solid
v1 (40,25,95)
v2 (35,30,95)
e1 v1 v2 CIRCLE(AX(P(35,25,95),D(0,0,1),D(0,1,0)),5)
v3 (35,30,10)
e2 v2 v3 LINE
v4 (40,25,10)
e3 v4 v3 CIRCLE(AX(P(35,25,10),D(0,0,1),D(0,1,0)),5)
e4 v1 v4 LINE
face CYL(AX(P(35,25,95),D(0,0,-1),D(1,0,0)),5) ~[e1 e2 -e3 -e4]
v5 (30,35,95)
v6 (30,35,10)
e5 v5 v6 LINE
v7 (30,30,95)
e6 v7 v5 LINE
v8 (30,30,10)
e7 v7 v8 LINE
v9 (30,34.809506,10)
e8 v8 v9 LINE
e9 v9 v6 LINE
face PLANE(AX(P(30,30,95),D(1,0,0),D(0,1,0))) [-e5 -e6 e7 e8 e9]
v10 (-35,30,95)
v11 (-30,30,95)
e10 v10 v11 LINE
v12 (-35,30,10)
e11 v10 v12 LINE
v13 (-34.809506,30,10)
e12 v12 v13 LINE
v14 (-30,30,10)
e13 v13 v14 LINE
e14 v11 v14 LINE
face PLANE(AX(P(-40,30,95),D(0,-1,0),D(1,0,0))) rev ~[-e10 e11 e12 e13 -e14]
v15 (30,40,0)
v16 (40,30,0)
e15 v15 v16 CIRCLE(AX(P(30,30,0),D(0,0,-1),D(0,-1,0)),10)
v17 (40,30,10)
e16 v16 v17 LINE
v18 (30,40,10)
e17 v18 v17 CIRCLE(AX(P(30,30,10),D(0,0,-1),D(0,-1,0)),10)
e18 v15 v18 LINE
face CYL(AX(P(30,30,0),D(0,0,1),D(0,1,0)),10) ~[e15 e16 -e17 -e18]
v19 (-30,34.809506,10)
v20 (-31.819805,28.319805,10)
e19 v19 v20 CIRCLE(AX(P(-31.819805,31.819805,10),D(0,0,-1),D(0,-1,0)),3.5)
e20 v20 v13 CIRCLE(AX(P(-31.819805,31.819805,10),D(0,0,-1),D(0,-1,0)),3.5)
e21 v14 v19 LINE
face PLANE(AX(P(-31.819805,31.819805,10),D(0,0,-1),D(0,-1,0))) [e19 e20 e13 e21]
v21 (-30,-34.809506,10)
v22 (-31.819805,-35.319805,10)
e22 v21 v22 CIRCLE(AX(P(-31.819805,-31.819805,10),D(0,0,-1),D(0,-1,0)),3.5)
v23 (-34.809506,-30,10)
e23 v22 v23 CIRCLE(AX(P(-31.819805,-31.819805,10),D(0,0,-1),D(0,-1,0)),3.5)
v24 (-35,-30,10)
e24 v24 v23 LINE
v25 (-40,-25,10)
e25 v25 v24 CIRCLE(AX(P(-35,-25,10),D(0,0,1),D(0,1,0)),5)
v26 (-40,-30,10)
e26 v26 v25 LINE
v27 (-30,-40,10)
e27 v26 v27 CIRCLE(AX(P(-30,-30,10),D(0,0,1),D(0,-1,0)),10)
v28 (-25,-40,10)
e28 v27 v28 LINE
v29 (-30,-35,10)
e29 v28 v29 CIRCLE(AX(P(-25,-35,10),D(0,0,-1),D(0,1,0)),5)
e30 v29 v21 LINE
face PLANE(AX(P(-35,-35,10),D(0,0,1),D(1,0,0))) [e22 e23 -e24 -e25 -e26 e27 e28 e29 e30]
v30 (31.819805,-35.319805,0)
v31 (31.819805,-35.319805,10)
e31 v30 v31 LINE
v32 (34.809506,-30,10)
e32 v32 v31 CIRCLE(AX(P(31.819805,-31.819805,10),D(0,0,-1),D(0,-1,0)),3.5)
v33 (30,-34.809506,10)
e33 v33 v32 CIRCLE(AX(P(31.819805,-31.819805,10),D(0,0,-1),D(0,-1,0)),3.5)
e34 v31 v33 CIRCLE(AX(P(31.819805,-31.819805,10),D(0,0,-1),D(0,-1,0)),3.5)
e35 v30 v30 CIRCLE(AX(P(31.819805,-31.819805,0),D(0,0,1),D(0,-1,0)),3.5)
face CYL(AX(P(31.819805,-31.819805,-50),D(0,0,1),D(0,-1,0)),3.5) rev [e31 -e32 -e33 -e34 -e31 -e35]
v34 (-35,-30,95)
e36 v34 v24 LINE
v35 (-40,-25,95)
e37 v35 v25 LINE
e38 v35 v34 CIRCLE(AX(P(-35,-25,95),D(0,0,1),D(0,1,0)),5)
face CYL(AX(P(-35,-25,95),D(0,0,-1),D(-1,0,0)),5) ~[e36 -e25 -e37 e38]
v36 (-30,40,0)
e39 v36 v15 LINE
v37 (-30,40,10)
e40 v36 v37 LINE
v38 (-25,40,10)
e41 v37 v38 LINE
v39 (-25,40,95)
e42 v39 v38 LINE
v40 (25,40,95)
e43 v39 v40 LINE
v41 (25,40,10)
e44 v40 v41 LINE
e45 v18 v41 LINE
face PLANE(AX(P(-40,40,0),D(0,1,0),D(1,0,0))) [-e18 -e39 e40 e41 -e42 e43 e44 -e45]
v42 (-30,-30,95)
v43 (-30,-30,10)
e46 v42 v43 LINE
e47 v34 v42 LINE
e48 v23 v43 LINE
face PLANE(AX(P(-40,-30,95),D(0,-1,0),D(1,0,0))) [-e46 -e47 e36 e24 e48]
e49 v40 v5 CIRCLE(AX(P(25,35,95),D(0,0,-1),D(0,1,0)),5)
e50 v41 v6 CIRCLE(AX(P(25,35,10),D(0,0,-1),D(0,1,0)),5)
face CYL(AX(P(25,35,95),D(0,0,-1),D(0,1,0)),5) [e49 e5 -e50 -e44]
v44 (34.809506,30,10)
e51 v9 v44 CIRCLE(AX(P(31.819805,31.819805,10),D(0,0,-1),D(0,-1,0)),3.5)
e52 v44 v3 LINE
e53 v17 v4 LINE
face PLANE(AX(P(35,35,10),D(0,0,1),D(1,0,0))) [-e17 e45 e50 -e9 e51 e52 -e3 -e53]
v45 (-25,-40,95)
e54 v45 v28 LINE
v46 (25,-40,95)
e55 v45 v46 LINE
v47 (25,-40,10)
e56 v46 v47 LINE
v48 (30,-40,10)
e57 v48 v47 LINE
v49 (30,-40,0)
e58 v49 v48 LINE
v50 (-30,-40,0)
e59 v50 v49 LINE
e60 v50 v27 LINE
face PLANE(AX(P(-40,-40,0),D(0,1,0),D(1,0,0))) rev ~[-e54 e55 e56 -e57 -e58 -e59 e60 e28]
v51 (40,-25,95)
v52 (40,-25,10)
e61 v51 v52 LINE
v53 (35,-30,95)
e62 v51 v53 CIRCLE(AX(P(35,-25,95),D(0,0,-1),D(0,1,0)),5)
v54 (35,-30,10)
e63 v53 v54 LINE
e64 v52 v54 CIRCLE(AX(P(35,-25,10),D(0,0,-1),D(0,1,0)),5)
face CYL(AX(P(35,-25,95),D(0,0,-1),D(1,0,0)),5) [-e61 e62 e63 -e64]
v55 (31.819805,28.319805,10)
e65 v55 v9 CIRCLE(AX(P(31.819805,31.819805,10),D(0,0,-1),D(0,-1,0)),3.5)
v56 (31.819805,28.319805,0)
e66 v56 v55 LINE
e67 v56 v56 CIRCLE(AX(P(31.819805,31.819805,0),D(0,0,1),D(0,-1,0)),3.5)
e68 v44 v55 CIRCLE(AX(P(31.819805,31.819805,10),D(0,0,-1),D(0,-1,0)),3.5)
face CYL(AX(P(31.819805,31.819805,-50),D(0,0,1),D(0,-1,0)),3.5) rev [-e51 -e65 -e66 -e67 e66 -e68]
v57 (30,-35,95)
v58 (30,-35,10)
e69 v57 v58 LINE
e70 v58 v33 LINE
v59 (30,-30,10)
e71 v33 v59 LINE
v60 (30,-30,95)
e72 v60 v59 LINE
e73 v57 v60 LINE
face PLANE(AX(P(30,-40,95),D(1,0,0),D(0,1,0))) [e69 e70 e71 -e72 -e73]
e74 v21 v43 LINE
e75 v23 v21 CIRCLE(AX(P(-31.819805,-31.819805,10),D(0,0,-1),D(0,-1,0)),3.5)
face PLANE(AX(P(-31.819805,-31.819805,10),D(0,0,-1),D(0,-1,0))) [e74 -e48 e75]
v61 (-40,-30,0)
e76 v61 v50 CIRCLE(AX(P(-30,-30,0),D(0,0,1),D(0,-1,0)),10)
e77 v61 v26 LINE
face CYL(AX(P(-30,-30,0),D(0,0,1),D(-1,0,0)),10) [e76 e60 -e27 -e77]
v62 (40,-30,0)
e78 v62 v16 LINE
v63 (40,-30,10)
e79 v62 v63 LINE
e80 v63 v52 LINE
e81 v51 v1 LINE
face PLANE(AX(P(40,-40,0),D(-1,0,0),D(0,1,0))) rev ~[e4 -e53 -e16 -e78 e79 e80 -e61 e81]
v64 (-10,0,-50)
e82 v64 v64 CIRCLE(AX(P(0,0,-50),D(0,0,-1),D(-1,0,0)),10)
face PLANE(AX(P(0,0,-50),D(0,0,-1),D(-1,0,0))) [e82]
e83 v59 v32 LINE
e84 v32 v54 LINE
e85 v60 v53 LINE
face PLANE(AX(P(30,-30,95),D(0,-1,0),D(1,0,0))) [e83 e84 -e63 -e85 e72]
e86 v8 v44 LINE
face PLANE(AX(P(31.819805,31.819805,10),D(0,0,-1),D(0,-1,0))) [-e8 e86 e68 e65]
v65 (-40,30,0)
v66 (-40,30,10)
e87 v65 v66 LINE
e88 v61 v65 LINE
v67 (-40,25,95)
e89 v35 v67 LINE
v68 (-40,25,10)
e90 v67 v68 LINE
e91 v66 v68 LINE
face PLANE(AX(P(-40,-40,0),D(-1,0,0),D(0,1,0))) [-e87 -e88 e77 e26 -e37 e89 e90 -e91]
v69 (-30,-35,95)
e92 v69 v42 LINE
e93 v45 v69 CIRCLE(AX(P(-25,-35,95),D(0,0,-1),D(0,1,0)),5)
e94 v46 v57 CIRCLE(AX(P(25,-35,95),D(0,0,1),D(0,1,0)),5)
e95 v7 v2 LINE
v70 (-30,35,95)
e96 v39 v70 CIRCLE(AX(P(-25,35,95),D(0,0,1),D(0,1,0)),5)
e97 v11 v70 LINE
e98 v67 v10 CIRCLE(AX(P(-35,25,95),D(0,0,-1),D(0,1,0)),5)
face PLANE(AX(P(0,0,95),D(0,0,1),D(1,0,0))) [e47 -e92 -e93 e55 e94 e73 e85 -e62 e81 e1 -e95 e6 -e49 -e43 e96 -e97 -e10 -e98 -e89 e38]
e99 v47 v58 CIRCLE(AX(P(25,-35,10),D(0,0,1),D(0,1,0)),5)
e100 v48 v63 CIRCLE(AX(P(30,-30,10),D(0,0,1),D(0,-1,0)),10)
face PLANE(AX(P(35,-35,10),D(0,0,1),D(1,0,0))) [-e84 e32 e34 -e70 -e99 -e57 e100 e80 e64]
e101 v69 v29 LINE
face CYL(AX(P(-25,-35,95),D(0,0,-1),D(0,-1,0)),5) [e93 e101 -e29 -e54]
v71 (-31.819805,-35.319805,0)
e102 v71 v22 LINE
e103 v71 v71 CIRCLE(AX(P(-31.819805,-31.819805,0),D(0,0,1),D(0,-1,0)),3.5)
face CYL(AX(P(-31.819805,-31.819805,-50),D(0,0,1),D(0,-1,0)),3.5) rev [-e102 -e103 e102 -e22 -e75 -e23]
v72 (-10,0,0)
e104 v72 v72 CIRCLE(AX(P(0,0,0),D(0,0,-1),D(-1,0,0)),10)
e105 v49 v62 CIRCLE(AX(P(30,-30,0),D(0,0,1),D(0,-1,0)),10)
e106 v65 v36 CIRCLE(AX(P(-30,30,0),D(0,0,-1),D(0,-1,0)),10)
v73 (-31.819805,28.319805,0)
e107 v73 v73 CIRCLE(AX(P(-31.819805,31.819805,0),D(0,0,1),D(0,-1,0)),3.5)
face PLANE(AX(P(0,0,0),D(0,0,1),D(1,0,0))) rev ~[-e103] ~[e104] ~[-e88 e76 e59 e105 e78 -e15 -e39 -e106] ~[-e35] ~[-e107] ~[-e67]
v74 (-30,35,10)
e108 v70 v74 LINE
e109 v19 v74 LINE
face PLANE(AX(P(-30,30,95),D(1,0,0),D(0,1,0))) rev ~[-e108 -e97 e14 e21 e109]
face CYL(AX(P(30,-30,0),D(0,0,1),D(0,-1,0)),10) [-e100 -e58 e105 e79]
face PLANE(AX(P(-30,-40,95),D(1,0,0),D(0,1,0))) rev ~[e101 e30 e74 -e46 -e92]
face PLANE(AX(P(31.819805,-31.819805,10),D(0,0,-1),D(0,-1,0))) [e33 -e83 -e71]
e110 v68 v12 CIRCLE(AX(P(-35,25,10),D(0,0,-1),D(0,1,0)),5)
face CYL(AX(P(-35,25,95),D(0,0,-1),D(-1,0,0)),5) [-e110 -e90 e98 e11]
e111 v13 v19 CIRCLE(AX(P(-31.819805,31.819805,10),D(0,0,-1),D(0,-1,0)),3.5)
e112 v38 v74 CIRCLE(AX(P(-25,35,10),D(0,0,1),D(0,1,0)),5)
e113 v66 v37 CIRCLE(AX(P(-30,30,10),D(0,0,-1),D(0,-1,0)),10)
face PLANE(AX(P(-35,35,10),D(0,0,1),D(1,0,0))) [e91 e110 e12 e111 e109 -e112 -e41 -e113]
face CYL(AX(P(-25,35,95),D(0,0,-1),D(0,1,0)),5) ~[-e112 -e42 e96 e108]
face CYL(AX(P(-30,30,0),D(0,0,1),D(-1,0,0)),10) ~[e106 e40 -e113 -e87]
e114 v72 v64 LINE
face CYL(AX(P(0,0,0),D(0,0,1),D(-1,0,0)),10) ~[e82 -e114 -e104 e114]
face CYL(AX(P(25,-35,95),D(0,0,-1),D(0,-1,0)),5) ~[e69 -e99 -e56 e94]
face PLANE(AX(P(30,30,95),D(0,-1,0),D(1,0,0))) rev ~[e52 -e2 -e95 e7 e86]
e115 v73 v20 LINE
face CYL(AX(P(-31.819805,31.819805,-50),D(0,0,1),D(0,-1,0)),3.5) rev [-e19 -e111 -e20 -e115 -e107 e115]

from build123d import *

# Parameters (mm, degrees)
SKETCH_1_W          = 80
SKETCH_1_H          = 80
EXTRUDE_1_DEPTH     = 95
SKETCH_2_R          = 10
EXTRUDE_2_DEPTH     = 50
SKETCH_3_W          = 10
SKETCH_3_H          = 10
CUT_EXTRUDE_1_DEPTH = 85
FILLET_1_R          = 10
FILLET_3_R          = 5
MM_1_AT_2_COUNT     = 2
MM_1_AT_2_PITCH     = 63.639610307
MM_1_AT_3_COUNT     = 2
MM_1_AT_3_PITCH     = 90
MM_1_AT_4_COUNT     = 2
MM_1_AT_4_PITCH     = 63.639610307


with BuildPart() as part:
    # 草图1 → 凸台-拉伸1 (new body)
    with BuildSketch(Plane.XY):
        Rectangle(SKETCH_1_W, SKETCH_1_H)
    extrude(amount=EXTRUDE_1_DEPTH)

    # 草图2 → 凸台-拉伸2 (add)
    with BuildSketch(Plane(origin=(0, 0, 0), x_dir=(-1, 0, 0), z_dir=(0, 0, -1))):
        Circle(SKETCH_2_R)
    extrude(amount=EXTRUDE_2_DEPTH)

    # 草图3 → 切除-拉伸1 (cut)
    with BuildSketch(Plane.XY.offset(95)):
        with Locations((-35, 35)):
            Rectangle(SKETCH_3_W, SKETCH_3_H)
        with Locations((35, 35)):
            Rectangle(SKETCH_3_W, SKETCH_3_H)
        with Locations((35, -35)):
            Rectangle(SKETCH_3_W, SKETCH_3_H)
        with Locations((-35, -35)):
            Rectangle(SKETCH_3_W, SKETCH_3_H)
    extrude(amount=-CUT_EXTRUDE_1_DEPTH, mode=Mode.SUBTRACT)

    # 圆角1
    fillet_1_edges = [part.edges().sort_by_distance(p)[0] for p in [
        (40, 40, 5),
        (40, -40, 5),
        (-40, 40, 5),
        (-40, -40, 5),
    ]]
    fillet(fillet_1_edges, radius=FILLET_1_R)

    # 圆角3
    fillet_3_edges = [part.edges().sort_by_distance(p)[0] for p in [
        (-30, -40, 52.5),
        (-40, -30, 52.5),
        (40, -30, 52.5),
        (30, -40, 52.5),
        (30, 40, 52.5),
        (40, 30, 52.5),
        (-40, 30, 52.5),
        (-30, 40, 52.5),
    ]]
    fillet(fillet_3_edges, radius=FILLET_3_R)

    # 草图5 → 大小mm 暗销槽口1 (revolve, cut)
    with BuildSketch(Plane(origin=(-31.819805153, 31.819805153, 10), x_dir=(0, -1, 0), z_dir=(1, 0, 0))):
        Polygon((0, 0), (0, 62.103012167), (3.5, 60), (3.5, 0), align=None)
    mm_1 = revolve(axis=Axis((-31.819805153, 31.819805153, 16.35), (0, 0, -1)), mode=Mode.SUBTRACT)

    # 大小mm 暗销槽口1 at 2: 大小mm 暗销槽口1 ×2
    with Locations(*[(i * MM_1_AT_2_PITCH, 0, 0) for i in range(1, MM_1_AT_2_COUNT)]):
        add(mm_1, mode=Mode.SUBTRACT)

    # 大小mm 暗销槽口1 at 3: 大小mm 暗销槽口1 ×2
    with Locations(*[Vector(0.707106781, -0.707106781, 0) * (i * MM_1_AT_3_PITCH) for i in range(1, MM_1_AT_3_COUNT)]):
        add(mm_1, mode=Mode.SUBTRACT)

    # 大小mm 暗销槽口1 at 4: 大小mm 暗销槽口1 ×2
    with Locations(*[(0, -i * MM_1_AT_4_PITCH, 0) for i in range(1, MM_1_AT_4_COUNT)]):
        add(mm_1, mode=Mode.SUBTRACT)


solid = part.part
